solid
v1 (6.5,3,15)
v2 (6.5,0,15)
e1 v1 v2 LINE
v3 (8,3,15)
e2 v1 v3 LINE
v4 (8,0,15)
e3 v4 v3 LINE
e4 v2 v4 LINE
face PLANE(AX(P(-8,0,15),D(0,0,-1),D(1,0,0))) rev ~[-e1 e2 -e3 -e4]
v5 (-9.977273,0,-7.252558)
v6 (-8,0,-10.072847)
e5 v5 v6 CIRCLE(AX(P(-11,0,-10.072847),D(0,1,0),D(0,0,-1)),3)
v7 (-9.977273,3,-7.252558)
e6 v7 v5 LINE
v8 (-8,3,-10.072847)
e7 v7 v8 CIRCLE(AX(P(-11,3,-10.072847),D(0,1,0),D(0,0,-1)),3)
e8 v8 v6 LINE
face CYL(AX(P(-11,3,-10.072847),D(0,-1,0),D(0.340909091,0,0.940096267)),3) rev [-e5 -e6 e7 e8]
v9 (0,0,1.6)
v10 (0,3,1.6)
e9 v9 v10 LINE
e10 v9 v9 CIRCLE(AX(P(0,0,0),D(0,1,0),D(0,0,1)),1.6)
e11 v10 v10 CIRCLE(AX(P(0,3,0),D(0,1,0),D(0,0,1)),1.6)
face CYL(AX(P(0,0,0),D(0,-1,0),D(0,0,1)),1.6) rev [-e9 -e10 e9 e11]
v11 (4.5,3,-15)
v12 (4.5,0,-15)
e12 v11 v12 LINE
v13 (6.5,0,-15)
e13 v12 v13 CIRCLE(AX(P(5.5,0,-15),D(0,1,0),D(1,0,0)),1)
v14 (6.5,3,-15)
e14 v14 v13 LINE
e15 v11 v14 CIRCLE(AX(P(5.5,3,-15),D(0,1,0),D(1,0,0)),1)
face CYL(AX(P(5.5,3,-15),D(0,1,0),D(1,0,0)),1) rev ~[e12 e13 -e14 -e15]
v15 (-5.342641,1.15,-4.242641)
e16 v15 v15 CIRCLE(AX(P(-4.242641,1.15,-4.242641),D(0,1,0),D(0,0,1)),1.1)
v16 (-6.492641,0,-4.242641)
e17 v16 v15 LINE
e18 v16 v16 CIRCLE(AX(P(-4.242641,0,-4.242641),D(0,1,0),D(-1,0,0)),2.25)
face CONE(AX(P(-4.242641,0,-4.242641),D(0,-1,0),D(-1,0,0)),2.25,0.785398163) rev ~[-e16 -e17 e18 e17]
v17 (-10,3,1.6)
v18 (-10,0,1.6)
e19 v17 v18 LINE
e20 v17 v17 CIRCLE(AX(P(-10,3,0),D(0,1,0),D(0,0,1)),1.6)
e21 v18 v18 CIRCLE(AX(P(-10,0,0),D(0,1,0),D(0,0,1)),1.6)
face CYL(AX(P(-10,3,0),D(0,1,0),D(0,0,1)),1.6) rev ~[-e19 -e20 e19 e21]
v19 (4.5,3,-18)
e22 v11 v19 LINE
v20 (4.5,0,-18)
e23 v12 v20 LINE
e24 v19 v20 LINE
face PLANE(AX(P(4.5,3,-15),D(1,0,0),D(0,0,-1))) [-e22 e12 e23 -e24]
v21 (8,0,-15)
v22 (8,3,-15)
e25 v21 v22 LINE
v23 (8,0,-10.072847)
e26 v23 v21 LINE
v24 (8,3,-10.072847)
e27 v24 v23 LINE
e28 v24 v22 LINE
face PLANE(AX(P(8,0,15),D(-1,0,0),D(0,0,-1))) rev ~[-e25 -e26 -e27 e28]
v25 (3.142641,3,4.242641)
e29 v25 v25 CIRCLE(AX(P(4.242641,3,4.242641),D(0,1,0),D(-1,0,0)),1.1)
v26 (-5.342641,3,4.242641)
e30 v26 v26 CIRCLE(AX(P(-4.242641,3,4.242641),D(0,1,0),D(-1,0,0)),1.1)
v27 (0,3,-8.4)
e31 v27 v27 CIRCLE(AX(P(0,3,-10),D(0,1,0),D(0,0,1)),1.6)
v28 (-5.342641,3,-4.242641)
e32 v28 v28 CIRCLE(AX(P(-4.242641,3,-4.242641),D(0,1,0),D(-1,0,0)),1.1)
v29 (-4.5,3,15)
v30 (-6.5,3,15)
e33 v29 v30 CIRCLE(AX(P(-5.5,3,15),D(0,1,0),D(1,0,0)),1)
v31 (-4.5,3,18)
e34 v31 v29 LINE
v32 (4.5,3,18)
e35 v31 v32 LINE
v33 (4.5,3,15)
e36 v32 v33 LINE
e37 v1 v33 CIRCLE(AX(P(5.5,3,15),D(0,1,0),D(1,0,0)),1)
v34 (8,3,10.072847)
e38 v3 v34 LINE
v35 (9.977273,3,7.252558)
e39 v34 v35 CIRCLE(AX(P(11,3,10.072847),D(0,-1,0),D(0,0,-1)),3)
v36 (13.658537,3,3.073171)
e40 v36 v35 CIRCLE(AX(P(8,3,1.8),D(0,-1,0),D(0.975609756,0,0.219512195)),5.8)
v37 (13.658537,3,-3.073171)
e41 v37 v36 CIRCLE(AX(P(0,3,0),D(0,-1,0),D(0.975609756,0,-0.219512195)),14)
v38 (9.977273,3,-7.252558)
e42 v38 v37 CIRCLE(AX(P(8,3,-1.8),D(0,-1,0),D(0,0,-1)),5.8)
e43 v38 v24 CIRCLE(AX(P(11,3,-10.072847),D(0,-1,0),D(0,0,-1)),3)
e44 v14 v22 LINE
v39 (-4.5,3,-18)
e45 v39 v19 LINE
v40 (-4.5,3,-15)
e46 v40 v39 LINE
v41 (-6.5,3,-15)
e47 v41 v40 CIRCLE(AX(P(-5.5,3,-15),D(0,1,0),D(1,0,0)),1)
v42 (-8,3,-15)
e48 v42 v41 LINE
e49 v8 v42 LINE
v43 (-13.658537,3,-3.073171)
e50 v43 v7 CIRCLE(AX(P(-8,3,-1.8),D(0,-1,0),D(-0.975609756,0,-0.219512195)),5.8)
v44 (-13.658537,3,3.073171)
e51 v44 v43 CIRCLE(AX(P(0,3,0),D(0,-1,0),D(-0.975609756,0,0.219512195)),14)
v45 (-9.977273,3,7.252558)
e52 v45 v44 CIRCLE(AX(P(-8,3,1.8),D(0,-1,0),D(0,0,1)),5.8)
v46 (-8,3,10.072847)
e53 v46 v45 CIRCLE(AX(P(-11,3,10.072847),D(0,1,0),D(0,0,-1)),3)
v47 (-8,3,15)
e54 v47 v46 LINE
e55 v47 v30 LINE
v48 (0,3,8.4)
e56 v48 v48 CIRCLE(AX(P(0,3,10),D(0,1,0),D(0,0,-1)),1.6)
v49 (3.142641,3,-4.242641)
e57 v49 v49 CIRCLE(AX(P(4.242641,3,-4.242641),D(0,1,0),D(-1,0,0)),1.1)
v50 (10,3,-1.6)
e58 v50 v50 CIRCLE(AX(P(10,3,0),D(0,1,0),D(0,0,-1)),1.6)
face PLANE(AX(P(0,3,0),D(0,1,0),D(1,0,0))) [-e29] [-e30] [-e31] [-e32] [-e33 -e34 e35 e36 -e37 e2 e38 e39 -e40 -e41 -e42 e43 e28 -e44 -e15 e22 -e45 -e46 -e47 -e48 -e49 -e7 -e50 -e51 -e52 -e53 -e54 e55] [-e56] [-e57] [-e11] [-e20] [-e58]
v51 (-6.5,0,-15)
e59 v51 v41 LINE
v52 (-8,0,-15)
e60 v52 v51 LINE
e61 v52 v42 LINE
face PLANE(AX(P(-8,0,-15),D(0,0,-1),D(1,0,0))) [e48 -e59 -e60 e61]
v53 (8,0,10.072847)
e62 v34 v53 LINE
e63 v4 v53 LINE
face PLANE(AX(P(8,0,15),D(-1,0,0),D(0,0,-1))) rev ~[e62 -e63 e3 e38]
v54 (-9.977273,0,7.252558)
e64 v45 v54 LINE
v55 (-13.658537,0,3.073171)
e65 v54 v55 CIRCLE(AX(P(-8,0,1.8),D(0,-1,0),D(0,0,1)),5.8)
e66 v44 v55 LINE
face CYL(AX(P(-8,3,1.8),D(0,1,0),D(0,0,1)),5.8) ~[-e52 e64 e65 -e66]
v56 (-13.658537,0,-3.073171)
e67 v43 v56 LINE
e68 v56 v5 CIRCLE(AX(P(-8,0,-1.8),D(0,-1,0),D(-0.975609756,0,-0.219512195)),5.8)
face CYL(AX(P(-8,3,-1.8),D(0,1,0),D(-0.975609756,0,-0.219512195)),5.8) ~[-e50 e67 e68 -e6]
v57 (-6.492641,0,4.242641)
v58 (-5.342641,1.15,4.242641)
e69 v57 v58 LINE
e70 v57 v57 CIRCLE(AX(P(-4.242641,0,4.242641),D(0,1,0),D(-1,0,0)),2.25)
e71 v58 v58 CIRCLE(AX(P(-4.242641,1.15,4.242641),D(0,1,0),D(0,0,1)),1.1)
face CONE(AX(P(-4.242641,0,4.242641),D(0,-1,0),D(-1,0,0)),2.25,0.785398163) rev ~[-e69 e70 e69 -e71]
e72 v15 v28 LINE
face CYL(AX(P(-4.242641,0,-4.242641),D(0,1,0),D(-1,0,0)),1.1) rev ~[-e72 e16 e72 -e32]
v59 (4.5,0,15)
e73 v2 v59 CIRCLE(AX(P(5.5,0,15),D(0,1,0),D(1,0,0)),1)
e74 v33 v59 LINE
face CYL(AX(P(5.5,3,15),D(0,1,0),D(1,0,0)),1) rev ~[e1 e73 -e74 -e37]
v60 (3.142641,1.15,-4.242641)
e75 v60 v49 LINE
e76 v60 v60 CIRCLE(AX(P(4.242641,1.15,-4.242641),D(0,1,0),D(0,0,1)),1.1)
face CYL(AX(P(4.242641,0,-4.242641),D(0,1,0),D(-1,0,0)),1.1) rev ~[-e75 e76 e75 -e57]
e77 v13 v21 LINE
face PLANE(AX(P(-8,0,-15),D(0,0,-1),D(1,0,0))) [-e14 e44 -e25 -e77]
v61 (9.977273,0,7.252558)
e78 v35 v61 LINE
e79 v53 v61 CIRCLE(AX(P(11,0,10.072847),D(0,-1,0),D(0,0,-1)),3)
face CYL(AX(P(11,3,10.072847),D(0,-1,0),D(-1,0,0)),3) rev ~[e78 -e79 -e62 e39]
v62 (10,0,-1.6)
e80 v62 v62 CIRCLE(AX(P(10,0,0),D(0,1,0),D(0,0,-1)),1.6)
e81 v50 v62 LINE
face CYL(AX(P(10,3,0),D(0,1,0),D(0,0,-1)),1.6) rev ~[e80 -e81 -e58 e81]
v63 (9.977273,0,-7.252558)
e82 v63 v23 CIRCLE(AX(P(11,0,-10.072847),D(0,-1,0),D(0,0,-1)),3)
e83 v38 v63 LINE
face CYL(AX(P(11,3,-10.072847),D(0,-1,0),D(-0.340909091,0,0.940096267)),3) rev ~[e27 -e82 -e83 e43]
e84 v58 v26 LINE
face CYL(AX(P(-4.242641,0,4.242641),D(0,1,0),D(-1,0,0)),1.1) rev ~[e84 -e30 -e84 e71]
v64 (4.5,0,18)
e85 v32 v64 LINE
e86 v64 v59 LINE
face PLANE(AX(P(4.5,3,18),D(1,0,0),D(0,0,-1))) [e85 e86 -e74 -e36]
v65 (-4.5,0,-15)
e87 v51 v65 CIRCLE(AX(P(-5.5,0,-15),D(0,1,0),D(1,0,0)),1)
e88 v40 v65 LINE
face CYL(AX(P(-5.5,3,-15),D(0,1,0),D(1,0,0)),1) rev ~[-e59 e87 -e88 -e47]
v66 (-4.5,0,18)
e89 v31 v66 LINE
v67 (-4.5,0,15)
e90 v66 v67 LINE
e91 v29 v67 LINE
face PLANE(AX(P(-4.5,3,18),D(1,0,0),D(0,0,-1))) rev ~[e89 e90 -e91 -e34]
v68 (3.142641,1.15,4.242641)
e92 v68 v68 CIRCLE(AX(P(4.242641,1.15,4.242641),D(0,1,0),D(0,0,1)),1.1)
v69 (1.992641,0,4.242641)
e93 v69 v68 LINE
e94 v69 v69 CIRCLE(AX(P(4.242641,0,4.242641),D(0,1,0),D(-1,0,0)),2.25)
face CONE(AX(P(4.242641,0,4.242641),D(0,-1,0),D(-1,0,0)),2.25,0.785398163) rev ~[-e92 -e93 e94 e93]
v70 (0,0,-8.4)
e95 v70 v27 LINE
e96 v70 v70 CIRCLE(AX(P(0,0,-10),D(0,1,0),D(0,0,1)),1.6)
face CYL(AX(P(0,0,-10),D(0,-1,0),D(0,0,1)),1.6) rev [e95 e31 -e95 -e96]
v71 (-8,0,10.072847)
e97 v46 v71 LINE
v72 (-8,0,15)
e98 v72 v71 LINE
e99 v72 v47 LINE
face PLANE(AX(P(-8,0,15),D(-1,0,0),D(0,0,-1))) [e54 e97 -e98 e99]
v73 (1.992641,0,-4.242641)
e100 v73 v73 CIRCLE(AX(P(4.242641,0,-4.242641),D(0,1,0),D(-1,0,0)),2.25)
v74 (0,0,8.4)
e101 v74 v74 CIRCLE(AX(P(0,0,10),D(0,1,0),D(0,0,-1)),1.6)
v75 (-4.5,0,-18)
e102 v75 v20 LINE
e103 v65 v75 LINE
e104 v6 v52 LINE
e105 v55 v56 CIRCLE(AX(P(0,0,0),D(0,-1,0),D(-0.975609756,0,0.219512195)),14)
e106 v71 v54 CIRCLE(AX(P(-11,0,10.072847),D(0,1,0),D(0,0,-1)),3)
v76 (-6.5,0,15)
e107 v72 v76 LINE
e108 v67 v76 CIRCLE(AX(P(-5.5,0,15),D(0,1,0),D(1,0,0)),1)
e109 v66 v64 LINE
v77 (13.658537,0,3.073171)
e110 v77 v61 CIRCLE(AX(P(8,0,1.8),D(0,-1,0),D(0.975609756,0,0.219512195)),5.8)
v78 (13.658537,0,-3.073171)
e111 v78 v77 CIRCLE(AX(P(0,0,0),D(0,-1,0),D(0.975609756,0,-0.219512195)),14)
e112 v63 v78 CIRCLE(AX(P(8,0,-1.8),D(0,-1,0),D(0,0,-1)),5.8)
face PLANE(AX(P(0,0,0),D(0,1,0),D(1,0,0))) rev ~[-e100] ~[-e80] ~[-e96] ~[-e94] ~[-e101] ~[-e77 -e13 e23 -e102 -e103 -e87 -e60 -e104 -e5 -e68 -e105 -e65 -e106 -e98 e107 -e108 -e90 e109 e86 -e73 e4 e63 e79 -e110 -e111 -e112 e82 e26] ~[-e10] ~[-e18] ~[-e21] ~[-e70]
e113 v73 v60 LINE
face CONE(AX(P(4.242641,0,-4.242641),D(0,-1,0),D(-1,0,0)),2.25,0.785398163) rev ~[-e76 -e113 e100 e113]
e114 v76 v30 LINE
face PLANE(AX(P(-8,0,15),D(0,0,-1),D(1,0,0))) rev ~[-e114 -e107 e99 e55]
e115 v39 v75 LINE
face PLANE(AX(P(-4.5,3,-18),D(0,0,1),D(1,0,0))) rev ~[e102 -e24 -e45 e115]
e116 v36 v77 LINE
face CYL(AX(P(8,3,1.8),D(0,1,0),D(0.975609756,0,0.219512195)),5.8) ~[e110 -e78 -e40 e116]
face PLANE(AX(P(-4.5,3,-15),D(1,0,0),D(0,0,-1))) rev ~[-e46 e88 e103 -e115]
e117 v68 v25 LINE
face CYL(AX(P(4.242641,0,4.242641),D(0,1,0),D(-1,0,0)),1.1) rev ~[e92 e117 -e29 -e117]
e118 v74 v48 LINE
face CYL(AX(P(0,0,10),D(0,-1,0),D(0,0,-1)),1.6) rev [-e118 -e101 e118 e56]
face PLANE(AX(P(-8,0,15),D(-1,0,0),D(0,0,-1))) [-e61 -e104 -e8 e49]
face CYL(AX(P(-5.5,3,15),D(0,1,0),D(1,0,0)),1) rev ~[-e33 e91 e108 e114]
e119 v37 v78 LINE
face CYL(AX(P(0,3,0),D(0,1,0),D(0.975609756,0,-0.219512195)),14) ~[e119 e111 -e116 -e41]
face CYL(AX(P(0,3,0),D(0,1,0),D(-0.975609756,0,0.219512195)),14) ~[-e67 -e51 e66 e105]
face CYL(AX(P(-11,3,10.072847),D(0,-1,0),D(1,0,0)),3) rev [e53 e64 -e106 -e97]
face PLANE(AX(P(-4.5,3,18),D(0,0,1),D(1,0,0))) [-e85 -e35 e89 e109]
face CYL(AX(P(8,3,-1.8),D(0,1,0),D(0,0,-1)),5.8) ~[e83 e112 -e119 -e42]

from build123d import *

# Parameters (mm, degrees)
SKETCH_1_W                = 16
SKETCH_1_H                = 30
SKETCH_1_R                = 1.6
EXTRUDE_1_DEPTH           = 3
SKETCH_2_W                = 9
SKETCH_2_H                = 3
EXTRUDE_2_DEPTH           = 3
SKETCH_3_R                = 1
CUT_EXTRUDE_1_DEPTH       = 20.924858845
SKETCH_4_R                = 1.6
EXTRUDE_3_DEPTH           = 3
SKETCH_8_R                = 1
CUT_EXTRUDE_3_DEPTH       = 24
FILLET_1_R                = 3
HOLE_WIZARD_1_D           = 2.2
HOLE_WIZARD_1_CSINK_D     = 4.5
HOLE_WIZARD_1_CSINK_ANGLE = 90


with BuildPart() as part:
    # 草图1 → 凸台-拉伸1 (new body)
    with BuildSketch(Plane(origin=(0, 0, 0), x_dir=(1, 0, 0), z_dir=(0, 1, 0))):
        Rectangle(SKETCH_1_W, SKETCH_1_H)
        with Locations(Location((0, 0, 0), (0, 0, 270))):
            Circle(SKETCH_1_R, mode=Mode.SUBTRACT)
        with Locations(Location((0, 10, 0), (0, 0, 270))):
            Circle(SKETCH_1_R, mode=Mode.SUBTRACT)
        with Locations(Location((0, -10, 0), (0, 0, 90))):
            Circle(SKETCH_1_R, mode=Mode.SUBTRACT)
    extrude(amount=EXTRUDE_1_DEPTH)

    # 草图2 → 凸台-拉伸2 (add)
    with BuildSketch(Plane(origin=(0, 3, 0), x_dir=(1, 0, 0), z_dir=(0, 1, 0))):
        with Locations((0, 16.5)):
            Rectangle(SKETCH_2_W, SKETCH_2_H)
        with Locations((0, -16.5)):
            Rectangle(SKETCH_2_W, SKETCH_2_H)
    extrude(amount=-EXTRUDE_2_DEPTH)

    # 草图3 → 切除-拉伸1 (cut, through all)
    with BuildSketch(Plane(origin=(0, 3, 0), x_dir=(1, 0, 0), z_dir=(0, 1, 0))):
        with Locations((-5.5, 15)):
            Circle(SKETCH_3_R)
        with Locations((5.5, 15)):
            Circle(SKETCH_3_R)
        with Locations((5.5, -15)):
            Circle(SKETCH_3_R)
        with Locations((-5.5, -15)):
            Circle(SKETCH_3_R)
    extrude(amount=-CUT_EXTRUDE_1_DEPTH, mode=Mode.SUBTRACT)

    # 草图4 → 凸台-拉伸3 (add)
    # profile 1 of 2: a face of its own
    with BuildSketch(Plane(origin=(0, 3, 0), x_dir=(1, 0, 0), z_dir=(0, 1, 0))):
        with BuildLine():
            Line((8, -7.6), (8, 7.6))
            ThreePointArc((8, 7.6), (11.623231276, 6.329039095), (13.658536585, 3.073170732))
            ThreePointArc((13.658536585, 3.073170732), (14, 0), (13.658536585, -3.073170732))
            ThreePointArc((13.658536585, -3.073170732), (11.623231276, -6.329039095), (8, -7.6))
        make_face()
        with Locations(Location((10, 0, 0), (0, 0, 90))):
            Circle(SKETCH_4_R, mode=Mode.SUBTRACT)
    # profile 2 of 2: a face of its own
    with BuildSketch(Plane(origin=(0, 3, 0), x_dir=(1, 0, 0), z_dir=(0, 1, 0))):
        with BuildLine():
            Line((-8, 7.6), (-8, -7.6))
            ThreePointArc((-8, -7.6), (-11.623231276, -6.329039095), (-13.658536585, -3.073170732))
            ThreePointArc((-13.658536585, -3.073170732), (-14, 0), (-13.658536585, 3.073170732))
            ThreePointArc((-13.658536585, 3.073170732), (-11.623231276, 6.329039095), (-8, 7.6))
        make_face()
        with Locations(Location((-10, 0, 0), (0, 0, 270))):
            Circle(SKETCH_4_R, mode=Mode.SUBTRACT)
    extrude(amount=-EXTRUDE_3_DEPTH)

    # 草图8 → 切除-拉伸3 (cut, through all)
    with BuildSketch(Plane(origin=(0, 3, 0), x_dir=(1, 0, 0), z_dir=(0, 1, 0))):
        with Locations(Location((-4.242640687, 4.242640687, 0), (0, 0, 270))):
            Circle(SKETCH_8_R)
        with Locations(Location((4.242640687, 4.242640687, 0), (0, 0, 270))):
            Circle(SKETCH_8_R)
        with Locations(Location((4.242640687, -4.242640687, 0), (0, 0, 270))):
            Circle(SKETCH_8_R)
        with Locations(Location((-4.242640687, -4.242640687, 0), (0, 0, 270))):
            Circle(SKETCH_8_R)
    extrude(amount=-CUT_EXTRUDE_3_DEPTH, mode=Mode.SUBTRACT)

    # 圆角1
    fillet_1_edges = [part.edges().sort_by_distance(p)[0] for p in [
        (-8, 1.5, 7.6),
        (-8, 1.5, -7.6),
        (8, 1.5, 7.6),
        (8, 1.5, -7.6),
    ]]
    fillet(fillet_1_edges, radius=FILLET_1_R)

    # 打孔尺寸(%根据十字)槽沉头木螺钉的类型1 (through all)
    with Locations(Plane.XZ):
        with Locations((-4.242640687, -4.242640687), (4.242640687, -4.242640687), (-4.242640687, 4.242640687), (4.242640687, 4.242640687)):
            CounterSinkHole(HOLE_WIZARD_1_D / 2, HOLE_WIZARD_1_CSINK_D / 2, counter_sink_angle=HOLE_WIZARD_1_CSINK_ANGLE)


solid = part.part
